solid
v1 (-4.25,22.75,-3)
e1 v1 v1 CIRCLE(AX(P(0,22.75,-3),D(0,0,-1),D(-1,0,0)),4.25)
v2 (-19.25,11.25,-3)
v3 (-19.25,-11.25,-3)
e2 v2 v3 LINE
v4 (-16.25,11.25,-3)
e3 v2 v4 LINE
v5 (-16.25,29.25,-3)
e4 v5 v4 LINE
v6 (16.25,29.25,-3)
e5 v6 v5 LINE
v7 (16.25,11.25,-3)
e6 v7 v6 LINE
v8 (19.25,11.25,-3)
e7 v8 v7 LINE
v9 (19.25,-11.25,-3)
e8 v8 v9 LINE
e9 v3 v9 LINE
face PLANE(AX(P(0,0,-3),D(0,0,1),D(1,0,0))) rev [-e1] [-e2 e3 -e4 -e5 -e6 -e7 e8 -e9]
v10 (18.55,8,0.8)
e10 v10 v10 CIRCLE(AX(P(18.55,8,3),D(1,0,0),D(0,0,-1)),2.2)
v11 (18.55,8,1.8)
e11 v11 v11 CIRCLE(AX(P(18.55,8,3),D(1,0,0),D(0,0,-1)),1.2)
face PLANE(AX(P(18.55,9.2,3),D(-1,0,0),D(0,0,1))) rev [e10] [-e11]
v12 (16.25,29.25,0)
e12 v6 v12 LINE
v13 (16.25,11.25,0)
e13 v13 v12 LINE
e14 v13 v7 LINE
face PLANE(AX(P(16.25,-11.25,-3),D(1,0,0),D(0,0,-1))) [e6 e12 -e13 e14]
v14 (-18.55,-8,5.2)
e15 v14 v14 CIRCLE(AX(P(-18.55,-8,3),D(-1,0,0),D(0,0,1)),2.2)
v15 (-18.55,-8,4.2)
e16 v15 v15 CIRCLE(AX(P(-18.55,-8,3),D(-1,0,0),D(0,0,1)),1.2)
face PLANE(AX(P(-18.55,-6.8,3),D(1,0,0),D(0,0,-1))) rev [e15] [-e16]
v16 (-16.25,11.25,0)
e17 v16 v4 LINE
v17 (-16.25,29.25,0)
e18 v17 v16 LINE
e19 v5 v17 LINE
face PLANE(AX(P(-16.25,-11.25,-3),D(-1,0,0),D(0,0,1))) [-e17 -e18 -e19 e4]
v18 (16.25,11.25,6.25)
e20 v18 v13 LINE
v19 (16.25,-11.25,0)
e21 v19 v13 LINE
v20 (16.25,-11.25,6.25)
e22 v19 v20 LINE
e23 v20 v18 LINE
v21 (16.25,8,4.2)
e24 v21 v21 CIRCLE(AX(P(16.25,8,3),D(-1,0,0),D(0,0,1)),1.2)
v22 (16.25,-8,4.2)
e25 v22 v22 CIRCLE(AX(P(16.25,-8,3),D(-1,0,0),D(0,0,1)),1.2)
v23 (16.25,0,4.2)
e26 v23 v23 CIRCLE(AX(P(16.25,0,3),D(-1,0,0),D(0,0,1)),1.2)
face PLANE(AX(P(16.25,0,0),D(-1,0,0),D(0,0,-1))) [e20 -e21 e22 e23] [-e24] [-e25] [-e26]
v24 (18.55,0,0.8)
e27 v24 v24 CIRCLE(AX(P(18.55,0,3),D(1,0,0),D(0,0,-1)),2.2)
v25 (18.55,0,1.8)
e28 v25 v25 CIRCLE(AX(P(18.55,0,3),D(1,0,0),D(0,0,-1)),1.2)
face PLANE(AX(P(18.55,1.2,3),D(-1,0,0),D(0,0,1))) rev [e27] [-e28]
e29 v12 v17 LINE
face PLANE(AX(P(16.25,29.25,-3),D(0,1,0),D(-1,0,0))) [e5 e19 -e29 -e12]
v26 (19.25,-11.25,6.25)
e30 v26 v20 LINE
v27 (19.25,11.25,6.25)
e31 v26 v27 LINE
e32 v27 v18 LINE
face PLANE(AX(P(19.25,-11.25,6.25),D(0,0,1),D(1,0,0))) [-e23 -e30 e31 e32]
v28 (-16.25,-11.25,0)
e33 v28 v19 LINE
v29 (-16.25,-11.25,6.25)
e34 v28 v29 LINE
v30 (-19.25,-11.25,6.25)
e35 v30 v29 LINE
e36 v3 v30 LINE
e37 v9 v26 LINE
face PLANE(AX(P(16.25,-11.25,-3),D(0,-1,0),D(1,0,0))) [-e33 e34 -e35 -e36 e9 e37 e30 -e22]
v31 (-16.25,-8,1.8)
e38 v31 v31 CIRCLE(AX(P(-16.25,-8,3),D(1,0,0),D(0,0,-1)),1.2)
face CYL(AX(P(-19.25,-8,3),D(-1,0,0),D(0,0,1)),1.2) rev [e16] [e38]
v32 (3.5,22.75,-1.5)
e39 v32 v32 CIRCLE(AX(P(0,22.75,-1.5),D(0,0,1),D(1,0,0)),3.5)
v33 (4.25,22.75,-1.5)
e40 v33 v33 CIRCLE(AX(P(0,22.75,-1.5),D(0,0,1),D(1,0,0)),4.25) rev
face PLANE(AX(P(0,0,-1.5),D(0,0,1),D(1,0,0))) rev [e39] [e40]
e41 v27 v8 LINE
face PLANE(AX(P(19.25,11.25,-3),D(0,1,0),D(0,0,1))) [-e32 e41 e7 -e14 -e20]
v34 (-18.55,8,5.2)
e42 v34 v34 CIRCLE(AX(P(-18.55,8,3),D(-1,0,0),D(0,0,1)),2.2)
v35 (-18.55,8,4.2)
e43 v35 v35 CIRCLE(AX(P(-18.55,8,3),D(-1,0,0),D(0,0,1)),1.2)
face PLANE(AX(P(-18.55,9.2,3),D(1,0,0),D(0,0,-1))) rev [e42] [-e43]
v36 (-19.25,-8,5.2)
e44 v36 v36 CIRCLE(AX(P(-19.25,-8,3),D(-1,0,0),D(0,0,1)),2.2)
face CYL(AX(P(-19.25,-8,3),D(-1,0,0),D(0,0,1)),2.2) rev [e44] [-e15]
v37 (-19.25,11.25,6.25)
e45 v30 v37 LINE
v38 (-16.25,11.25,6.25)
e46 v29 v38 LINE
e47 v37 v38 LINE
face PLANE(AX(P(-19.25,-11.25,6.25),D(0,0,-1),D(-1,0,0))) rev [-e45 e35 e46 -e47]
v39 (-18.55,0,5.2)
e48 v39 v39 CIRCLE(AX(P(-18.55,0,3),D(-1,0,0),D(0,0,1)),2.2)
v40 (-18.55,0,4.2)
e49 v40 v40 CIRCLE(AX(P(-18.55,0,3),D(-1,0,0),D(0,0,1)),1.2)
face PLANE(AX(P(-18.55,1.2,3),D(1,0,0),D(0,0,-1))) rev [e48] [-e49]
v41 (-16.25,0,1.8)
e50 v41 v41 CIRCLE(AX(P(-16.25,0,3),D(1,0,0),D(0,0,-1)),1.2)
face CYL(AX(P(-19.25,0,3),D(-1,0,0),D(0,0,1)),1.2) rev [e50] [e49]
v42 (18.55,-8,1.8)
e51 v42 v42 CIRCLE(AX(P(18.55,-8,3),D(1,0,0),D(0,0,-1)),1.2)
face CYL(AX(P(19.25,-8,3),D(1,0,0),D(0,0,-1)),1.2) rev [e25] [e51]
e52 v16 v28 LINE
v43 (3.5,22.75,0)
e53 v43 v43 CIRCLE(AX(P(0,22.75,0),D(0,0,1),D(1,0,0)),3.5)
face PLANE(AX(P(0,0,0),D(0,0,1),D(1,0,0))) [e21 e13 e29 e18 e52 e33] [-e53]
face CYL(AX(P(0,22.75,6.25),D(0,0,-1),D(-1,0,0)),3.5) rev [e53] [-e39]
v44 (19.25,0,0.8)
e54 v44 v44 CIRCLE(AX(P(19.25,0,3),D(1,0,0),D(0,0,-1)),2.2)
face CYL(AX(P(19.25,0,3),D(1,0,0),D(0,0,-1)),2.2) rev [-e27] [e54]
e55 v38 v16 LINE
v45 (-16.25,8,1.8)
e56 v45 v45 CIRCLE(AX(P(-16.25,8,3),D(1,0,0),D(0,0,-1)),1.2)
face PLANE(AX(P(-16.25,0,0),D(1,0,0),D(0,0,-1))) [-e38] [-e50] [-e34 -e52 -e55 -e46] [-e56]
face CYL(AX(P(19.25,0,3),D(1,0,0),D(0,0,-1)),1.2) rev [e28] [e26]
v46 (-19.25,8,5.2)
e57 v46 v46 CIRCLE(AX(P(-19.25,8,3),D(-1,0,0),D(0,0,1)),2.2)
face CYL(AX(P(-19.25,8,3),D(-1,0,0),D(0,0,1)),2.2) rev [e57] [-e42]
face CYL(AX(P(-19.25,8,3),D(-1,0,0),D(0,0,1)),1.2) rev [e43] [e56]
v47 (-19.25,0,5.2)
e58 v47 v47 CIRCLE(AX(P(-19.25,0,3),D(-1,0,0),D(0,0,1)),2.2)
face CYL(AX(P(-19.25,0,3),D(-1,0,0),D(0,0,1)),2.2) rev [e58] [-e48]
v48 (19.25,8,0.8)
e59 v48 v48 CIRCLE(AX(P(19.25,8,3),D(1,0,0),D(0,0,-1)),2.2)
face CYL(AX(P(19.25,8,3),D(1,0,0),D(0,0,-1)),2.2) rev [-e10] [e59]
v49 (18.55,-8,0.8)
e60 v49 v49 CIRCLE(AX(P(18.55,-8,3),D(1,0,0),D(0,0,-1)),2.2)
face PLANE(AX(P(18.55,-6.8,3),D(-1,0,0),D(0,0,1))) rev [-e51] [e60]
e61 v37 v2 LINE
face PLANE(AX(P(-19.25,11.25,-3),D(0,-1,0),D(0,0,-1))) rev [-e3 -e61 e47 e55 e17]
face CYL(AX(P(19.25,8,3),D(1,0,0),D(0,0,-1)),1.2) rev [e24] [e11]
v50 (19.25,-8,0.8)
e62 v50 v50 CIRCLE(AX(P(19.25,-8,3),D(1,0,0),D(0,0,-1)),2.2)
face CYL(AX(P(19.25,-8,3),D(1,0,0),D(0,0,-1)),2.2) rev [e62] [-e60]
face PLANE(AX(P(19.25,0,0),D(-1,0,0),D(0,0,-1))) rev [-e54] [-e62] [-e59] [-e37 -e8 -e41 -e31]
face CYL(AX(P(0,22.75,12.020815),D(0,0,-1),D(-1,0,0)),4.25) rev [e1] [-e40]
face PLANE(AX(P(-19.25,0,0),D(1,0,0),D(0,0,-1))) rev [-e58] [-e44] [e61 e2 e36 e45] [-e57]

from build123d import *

# Parameters (mm, degrees)
ESBO_O1_W                                            = 32.5
ESBO_O1_H                                            = 40.5
RESSALTO_EXTRUS_O1_DEPTH                             = 3
ESBO_O4_W                                            = 9.25
ESBO_O4_H                                            = 22.5
RESSALTO_EXTRUS_O2_DEPTH                             = 3
ESBO_O5_R                                            = 4.25
CORTE_EXTRUS_O1_DEPTH                                = 1.5
ESBO_O6_R                                            = 3.5
CORTE_EXTRUS_O2_DEPTH                                = 37.217226564
REBAIXO_PARA_PARAFUSO_COM_CABE_A_REDONDA_D           = 2.4
REBAIXO_PARA_PARAFUSO_COM_CABE_A_REDONDA_DEPTH       = 3
REBAIXO_PARA_PARAFUSO_COM_CABE_A_REDONDA_CBORE_D     = 4.4
REBAIXO_PARA_PARAFUSO_COM_CABE_A_REDONDA_CBORE_DEPTH = 0.7


with BuildPart() as part:
    # Esboço1 → Ressalto-extrusão1 (new body)
    with BuildSketch(Plane.XY):
        with Locations((0, 9)):
            Rectangle(ESBO_O1_W, ESBO_O1_H)
    extrude(amount=-RESSALTO_EXTRUS_O1_DEPTH)

    # Esboço4 → Ressalto-extrusão2 (add)
    with BuildSketch(Plane.ZY.offset(16.25)):
        with Locations((1.625, 0)):
            Rectangle(ESBO_O4_W, ESBO_O4_H)
    ressalto_extrus_o2 = extrude(amount=RESSALTO_EXTRUS_O2_DEPTH)

    # Espelhar1: Ressalto-extrusão2 across plane
    add(ressalto_extrus_o2.mirror(Plane(origin=(0, 0, 0), x_dir=(0, 0, 1), z_dir=(1, 0, 0))))

    # Esboço5 → Corte-extrusão1 (cut)
    with BuildSketch(Plane(origin=(0, 0, -3), x_dir=(-1, 0, 0), z_dir=(0, 0, -1))):
        with Locations((0, 22.75)):
            Circle(ESBO_O5_R)
    extrude(amount=-CORTE_EXTRUS_O1_DEPTH, mode=Mode.SUBTRACT)

    # Esboço6 → Corte-extrusão2 (cut, through all)
    with BuildSketch(Plane(origin=(0, 0, -3), x_dir=(-1, 0, 0), z_dir=(0, 0, -1))):
        with Locations(Location((0, 22.75, 0), (0, 0, 180))):
            Circle(ESBO_O6_R)
    extrude(amount=-CORTE_EXTRUS_O2_DEPTH, mode=Mode.SUBTRACT)

    # Rebaixo para parafuso com cabeça redonda de M21
    with Locations(Plane.ZY.offset(19.25)):
        with Locations((3, 8), (3, 0), (3, -8)):
            rebaixo_para_parafuso_com_cabe_a_redonda = CounterBoreHole(REBAIXO_PARA_PARAFUSO_COM_CABE_A_REDONDA_D / 2, REBAIXO_PARA_PARAFUSO_COM_CABE_A_REDONDA_CBORE_D / 2, REBAIXO_PARA_PARAFUSO_COM_CABE_A_REDONDA_CBORE_DEPTH, depth=REBAIXO_PARA_PARAFUSO_COM_CABE_A_REDONDA_DEPTH)

    # Espelhar3: Rebaixo para parafuso com cabeça redonda de M21 across plane
    add(rebaixo_para_parafuso_com_cabe_a_redonda.mirror(Plane(origin=(0, 0, 0), x_dir=(0, 0, 1), z_dir=(1, 0, 0))), mode=Mode.SUBTRACT)


solid = part.part
